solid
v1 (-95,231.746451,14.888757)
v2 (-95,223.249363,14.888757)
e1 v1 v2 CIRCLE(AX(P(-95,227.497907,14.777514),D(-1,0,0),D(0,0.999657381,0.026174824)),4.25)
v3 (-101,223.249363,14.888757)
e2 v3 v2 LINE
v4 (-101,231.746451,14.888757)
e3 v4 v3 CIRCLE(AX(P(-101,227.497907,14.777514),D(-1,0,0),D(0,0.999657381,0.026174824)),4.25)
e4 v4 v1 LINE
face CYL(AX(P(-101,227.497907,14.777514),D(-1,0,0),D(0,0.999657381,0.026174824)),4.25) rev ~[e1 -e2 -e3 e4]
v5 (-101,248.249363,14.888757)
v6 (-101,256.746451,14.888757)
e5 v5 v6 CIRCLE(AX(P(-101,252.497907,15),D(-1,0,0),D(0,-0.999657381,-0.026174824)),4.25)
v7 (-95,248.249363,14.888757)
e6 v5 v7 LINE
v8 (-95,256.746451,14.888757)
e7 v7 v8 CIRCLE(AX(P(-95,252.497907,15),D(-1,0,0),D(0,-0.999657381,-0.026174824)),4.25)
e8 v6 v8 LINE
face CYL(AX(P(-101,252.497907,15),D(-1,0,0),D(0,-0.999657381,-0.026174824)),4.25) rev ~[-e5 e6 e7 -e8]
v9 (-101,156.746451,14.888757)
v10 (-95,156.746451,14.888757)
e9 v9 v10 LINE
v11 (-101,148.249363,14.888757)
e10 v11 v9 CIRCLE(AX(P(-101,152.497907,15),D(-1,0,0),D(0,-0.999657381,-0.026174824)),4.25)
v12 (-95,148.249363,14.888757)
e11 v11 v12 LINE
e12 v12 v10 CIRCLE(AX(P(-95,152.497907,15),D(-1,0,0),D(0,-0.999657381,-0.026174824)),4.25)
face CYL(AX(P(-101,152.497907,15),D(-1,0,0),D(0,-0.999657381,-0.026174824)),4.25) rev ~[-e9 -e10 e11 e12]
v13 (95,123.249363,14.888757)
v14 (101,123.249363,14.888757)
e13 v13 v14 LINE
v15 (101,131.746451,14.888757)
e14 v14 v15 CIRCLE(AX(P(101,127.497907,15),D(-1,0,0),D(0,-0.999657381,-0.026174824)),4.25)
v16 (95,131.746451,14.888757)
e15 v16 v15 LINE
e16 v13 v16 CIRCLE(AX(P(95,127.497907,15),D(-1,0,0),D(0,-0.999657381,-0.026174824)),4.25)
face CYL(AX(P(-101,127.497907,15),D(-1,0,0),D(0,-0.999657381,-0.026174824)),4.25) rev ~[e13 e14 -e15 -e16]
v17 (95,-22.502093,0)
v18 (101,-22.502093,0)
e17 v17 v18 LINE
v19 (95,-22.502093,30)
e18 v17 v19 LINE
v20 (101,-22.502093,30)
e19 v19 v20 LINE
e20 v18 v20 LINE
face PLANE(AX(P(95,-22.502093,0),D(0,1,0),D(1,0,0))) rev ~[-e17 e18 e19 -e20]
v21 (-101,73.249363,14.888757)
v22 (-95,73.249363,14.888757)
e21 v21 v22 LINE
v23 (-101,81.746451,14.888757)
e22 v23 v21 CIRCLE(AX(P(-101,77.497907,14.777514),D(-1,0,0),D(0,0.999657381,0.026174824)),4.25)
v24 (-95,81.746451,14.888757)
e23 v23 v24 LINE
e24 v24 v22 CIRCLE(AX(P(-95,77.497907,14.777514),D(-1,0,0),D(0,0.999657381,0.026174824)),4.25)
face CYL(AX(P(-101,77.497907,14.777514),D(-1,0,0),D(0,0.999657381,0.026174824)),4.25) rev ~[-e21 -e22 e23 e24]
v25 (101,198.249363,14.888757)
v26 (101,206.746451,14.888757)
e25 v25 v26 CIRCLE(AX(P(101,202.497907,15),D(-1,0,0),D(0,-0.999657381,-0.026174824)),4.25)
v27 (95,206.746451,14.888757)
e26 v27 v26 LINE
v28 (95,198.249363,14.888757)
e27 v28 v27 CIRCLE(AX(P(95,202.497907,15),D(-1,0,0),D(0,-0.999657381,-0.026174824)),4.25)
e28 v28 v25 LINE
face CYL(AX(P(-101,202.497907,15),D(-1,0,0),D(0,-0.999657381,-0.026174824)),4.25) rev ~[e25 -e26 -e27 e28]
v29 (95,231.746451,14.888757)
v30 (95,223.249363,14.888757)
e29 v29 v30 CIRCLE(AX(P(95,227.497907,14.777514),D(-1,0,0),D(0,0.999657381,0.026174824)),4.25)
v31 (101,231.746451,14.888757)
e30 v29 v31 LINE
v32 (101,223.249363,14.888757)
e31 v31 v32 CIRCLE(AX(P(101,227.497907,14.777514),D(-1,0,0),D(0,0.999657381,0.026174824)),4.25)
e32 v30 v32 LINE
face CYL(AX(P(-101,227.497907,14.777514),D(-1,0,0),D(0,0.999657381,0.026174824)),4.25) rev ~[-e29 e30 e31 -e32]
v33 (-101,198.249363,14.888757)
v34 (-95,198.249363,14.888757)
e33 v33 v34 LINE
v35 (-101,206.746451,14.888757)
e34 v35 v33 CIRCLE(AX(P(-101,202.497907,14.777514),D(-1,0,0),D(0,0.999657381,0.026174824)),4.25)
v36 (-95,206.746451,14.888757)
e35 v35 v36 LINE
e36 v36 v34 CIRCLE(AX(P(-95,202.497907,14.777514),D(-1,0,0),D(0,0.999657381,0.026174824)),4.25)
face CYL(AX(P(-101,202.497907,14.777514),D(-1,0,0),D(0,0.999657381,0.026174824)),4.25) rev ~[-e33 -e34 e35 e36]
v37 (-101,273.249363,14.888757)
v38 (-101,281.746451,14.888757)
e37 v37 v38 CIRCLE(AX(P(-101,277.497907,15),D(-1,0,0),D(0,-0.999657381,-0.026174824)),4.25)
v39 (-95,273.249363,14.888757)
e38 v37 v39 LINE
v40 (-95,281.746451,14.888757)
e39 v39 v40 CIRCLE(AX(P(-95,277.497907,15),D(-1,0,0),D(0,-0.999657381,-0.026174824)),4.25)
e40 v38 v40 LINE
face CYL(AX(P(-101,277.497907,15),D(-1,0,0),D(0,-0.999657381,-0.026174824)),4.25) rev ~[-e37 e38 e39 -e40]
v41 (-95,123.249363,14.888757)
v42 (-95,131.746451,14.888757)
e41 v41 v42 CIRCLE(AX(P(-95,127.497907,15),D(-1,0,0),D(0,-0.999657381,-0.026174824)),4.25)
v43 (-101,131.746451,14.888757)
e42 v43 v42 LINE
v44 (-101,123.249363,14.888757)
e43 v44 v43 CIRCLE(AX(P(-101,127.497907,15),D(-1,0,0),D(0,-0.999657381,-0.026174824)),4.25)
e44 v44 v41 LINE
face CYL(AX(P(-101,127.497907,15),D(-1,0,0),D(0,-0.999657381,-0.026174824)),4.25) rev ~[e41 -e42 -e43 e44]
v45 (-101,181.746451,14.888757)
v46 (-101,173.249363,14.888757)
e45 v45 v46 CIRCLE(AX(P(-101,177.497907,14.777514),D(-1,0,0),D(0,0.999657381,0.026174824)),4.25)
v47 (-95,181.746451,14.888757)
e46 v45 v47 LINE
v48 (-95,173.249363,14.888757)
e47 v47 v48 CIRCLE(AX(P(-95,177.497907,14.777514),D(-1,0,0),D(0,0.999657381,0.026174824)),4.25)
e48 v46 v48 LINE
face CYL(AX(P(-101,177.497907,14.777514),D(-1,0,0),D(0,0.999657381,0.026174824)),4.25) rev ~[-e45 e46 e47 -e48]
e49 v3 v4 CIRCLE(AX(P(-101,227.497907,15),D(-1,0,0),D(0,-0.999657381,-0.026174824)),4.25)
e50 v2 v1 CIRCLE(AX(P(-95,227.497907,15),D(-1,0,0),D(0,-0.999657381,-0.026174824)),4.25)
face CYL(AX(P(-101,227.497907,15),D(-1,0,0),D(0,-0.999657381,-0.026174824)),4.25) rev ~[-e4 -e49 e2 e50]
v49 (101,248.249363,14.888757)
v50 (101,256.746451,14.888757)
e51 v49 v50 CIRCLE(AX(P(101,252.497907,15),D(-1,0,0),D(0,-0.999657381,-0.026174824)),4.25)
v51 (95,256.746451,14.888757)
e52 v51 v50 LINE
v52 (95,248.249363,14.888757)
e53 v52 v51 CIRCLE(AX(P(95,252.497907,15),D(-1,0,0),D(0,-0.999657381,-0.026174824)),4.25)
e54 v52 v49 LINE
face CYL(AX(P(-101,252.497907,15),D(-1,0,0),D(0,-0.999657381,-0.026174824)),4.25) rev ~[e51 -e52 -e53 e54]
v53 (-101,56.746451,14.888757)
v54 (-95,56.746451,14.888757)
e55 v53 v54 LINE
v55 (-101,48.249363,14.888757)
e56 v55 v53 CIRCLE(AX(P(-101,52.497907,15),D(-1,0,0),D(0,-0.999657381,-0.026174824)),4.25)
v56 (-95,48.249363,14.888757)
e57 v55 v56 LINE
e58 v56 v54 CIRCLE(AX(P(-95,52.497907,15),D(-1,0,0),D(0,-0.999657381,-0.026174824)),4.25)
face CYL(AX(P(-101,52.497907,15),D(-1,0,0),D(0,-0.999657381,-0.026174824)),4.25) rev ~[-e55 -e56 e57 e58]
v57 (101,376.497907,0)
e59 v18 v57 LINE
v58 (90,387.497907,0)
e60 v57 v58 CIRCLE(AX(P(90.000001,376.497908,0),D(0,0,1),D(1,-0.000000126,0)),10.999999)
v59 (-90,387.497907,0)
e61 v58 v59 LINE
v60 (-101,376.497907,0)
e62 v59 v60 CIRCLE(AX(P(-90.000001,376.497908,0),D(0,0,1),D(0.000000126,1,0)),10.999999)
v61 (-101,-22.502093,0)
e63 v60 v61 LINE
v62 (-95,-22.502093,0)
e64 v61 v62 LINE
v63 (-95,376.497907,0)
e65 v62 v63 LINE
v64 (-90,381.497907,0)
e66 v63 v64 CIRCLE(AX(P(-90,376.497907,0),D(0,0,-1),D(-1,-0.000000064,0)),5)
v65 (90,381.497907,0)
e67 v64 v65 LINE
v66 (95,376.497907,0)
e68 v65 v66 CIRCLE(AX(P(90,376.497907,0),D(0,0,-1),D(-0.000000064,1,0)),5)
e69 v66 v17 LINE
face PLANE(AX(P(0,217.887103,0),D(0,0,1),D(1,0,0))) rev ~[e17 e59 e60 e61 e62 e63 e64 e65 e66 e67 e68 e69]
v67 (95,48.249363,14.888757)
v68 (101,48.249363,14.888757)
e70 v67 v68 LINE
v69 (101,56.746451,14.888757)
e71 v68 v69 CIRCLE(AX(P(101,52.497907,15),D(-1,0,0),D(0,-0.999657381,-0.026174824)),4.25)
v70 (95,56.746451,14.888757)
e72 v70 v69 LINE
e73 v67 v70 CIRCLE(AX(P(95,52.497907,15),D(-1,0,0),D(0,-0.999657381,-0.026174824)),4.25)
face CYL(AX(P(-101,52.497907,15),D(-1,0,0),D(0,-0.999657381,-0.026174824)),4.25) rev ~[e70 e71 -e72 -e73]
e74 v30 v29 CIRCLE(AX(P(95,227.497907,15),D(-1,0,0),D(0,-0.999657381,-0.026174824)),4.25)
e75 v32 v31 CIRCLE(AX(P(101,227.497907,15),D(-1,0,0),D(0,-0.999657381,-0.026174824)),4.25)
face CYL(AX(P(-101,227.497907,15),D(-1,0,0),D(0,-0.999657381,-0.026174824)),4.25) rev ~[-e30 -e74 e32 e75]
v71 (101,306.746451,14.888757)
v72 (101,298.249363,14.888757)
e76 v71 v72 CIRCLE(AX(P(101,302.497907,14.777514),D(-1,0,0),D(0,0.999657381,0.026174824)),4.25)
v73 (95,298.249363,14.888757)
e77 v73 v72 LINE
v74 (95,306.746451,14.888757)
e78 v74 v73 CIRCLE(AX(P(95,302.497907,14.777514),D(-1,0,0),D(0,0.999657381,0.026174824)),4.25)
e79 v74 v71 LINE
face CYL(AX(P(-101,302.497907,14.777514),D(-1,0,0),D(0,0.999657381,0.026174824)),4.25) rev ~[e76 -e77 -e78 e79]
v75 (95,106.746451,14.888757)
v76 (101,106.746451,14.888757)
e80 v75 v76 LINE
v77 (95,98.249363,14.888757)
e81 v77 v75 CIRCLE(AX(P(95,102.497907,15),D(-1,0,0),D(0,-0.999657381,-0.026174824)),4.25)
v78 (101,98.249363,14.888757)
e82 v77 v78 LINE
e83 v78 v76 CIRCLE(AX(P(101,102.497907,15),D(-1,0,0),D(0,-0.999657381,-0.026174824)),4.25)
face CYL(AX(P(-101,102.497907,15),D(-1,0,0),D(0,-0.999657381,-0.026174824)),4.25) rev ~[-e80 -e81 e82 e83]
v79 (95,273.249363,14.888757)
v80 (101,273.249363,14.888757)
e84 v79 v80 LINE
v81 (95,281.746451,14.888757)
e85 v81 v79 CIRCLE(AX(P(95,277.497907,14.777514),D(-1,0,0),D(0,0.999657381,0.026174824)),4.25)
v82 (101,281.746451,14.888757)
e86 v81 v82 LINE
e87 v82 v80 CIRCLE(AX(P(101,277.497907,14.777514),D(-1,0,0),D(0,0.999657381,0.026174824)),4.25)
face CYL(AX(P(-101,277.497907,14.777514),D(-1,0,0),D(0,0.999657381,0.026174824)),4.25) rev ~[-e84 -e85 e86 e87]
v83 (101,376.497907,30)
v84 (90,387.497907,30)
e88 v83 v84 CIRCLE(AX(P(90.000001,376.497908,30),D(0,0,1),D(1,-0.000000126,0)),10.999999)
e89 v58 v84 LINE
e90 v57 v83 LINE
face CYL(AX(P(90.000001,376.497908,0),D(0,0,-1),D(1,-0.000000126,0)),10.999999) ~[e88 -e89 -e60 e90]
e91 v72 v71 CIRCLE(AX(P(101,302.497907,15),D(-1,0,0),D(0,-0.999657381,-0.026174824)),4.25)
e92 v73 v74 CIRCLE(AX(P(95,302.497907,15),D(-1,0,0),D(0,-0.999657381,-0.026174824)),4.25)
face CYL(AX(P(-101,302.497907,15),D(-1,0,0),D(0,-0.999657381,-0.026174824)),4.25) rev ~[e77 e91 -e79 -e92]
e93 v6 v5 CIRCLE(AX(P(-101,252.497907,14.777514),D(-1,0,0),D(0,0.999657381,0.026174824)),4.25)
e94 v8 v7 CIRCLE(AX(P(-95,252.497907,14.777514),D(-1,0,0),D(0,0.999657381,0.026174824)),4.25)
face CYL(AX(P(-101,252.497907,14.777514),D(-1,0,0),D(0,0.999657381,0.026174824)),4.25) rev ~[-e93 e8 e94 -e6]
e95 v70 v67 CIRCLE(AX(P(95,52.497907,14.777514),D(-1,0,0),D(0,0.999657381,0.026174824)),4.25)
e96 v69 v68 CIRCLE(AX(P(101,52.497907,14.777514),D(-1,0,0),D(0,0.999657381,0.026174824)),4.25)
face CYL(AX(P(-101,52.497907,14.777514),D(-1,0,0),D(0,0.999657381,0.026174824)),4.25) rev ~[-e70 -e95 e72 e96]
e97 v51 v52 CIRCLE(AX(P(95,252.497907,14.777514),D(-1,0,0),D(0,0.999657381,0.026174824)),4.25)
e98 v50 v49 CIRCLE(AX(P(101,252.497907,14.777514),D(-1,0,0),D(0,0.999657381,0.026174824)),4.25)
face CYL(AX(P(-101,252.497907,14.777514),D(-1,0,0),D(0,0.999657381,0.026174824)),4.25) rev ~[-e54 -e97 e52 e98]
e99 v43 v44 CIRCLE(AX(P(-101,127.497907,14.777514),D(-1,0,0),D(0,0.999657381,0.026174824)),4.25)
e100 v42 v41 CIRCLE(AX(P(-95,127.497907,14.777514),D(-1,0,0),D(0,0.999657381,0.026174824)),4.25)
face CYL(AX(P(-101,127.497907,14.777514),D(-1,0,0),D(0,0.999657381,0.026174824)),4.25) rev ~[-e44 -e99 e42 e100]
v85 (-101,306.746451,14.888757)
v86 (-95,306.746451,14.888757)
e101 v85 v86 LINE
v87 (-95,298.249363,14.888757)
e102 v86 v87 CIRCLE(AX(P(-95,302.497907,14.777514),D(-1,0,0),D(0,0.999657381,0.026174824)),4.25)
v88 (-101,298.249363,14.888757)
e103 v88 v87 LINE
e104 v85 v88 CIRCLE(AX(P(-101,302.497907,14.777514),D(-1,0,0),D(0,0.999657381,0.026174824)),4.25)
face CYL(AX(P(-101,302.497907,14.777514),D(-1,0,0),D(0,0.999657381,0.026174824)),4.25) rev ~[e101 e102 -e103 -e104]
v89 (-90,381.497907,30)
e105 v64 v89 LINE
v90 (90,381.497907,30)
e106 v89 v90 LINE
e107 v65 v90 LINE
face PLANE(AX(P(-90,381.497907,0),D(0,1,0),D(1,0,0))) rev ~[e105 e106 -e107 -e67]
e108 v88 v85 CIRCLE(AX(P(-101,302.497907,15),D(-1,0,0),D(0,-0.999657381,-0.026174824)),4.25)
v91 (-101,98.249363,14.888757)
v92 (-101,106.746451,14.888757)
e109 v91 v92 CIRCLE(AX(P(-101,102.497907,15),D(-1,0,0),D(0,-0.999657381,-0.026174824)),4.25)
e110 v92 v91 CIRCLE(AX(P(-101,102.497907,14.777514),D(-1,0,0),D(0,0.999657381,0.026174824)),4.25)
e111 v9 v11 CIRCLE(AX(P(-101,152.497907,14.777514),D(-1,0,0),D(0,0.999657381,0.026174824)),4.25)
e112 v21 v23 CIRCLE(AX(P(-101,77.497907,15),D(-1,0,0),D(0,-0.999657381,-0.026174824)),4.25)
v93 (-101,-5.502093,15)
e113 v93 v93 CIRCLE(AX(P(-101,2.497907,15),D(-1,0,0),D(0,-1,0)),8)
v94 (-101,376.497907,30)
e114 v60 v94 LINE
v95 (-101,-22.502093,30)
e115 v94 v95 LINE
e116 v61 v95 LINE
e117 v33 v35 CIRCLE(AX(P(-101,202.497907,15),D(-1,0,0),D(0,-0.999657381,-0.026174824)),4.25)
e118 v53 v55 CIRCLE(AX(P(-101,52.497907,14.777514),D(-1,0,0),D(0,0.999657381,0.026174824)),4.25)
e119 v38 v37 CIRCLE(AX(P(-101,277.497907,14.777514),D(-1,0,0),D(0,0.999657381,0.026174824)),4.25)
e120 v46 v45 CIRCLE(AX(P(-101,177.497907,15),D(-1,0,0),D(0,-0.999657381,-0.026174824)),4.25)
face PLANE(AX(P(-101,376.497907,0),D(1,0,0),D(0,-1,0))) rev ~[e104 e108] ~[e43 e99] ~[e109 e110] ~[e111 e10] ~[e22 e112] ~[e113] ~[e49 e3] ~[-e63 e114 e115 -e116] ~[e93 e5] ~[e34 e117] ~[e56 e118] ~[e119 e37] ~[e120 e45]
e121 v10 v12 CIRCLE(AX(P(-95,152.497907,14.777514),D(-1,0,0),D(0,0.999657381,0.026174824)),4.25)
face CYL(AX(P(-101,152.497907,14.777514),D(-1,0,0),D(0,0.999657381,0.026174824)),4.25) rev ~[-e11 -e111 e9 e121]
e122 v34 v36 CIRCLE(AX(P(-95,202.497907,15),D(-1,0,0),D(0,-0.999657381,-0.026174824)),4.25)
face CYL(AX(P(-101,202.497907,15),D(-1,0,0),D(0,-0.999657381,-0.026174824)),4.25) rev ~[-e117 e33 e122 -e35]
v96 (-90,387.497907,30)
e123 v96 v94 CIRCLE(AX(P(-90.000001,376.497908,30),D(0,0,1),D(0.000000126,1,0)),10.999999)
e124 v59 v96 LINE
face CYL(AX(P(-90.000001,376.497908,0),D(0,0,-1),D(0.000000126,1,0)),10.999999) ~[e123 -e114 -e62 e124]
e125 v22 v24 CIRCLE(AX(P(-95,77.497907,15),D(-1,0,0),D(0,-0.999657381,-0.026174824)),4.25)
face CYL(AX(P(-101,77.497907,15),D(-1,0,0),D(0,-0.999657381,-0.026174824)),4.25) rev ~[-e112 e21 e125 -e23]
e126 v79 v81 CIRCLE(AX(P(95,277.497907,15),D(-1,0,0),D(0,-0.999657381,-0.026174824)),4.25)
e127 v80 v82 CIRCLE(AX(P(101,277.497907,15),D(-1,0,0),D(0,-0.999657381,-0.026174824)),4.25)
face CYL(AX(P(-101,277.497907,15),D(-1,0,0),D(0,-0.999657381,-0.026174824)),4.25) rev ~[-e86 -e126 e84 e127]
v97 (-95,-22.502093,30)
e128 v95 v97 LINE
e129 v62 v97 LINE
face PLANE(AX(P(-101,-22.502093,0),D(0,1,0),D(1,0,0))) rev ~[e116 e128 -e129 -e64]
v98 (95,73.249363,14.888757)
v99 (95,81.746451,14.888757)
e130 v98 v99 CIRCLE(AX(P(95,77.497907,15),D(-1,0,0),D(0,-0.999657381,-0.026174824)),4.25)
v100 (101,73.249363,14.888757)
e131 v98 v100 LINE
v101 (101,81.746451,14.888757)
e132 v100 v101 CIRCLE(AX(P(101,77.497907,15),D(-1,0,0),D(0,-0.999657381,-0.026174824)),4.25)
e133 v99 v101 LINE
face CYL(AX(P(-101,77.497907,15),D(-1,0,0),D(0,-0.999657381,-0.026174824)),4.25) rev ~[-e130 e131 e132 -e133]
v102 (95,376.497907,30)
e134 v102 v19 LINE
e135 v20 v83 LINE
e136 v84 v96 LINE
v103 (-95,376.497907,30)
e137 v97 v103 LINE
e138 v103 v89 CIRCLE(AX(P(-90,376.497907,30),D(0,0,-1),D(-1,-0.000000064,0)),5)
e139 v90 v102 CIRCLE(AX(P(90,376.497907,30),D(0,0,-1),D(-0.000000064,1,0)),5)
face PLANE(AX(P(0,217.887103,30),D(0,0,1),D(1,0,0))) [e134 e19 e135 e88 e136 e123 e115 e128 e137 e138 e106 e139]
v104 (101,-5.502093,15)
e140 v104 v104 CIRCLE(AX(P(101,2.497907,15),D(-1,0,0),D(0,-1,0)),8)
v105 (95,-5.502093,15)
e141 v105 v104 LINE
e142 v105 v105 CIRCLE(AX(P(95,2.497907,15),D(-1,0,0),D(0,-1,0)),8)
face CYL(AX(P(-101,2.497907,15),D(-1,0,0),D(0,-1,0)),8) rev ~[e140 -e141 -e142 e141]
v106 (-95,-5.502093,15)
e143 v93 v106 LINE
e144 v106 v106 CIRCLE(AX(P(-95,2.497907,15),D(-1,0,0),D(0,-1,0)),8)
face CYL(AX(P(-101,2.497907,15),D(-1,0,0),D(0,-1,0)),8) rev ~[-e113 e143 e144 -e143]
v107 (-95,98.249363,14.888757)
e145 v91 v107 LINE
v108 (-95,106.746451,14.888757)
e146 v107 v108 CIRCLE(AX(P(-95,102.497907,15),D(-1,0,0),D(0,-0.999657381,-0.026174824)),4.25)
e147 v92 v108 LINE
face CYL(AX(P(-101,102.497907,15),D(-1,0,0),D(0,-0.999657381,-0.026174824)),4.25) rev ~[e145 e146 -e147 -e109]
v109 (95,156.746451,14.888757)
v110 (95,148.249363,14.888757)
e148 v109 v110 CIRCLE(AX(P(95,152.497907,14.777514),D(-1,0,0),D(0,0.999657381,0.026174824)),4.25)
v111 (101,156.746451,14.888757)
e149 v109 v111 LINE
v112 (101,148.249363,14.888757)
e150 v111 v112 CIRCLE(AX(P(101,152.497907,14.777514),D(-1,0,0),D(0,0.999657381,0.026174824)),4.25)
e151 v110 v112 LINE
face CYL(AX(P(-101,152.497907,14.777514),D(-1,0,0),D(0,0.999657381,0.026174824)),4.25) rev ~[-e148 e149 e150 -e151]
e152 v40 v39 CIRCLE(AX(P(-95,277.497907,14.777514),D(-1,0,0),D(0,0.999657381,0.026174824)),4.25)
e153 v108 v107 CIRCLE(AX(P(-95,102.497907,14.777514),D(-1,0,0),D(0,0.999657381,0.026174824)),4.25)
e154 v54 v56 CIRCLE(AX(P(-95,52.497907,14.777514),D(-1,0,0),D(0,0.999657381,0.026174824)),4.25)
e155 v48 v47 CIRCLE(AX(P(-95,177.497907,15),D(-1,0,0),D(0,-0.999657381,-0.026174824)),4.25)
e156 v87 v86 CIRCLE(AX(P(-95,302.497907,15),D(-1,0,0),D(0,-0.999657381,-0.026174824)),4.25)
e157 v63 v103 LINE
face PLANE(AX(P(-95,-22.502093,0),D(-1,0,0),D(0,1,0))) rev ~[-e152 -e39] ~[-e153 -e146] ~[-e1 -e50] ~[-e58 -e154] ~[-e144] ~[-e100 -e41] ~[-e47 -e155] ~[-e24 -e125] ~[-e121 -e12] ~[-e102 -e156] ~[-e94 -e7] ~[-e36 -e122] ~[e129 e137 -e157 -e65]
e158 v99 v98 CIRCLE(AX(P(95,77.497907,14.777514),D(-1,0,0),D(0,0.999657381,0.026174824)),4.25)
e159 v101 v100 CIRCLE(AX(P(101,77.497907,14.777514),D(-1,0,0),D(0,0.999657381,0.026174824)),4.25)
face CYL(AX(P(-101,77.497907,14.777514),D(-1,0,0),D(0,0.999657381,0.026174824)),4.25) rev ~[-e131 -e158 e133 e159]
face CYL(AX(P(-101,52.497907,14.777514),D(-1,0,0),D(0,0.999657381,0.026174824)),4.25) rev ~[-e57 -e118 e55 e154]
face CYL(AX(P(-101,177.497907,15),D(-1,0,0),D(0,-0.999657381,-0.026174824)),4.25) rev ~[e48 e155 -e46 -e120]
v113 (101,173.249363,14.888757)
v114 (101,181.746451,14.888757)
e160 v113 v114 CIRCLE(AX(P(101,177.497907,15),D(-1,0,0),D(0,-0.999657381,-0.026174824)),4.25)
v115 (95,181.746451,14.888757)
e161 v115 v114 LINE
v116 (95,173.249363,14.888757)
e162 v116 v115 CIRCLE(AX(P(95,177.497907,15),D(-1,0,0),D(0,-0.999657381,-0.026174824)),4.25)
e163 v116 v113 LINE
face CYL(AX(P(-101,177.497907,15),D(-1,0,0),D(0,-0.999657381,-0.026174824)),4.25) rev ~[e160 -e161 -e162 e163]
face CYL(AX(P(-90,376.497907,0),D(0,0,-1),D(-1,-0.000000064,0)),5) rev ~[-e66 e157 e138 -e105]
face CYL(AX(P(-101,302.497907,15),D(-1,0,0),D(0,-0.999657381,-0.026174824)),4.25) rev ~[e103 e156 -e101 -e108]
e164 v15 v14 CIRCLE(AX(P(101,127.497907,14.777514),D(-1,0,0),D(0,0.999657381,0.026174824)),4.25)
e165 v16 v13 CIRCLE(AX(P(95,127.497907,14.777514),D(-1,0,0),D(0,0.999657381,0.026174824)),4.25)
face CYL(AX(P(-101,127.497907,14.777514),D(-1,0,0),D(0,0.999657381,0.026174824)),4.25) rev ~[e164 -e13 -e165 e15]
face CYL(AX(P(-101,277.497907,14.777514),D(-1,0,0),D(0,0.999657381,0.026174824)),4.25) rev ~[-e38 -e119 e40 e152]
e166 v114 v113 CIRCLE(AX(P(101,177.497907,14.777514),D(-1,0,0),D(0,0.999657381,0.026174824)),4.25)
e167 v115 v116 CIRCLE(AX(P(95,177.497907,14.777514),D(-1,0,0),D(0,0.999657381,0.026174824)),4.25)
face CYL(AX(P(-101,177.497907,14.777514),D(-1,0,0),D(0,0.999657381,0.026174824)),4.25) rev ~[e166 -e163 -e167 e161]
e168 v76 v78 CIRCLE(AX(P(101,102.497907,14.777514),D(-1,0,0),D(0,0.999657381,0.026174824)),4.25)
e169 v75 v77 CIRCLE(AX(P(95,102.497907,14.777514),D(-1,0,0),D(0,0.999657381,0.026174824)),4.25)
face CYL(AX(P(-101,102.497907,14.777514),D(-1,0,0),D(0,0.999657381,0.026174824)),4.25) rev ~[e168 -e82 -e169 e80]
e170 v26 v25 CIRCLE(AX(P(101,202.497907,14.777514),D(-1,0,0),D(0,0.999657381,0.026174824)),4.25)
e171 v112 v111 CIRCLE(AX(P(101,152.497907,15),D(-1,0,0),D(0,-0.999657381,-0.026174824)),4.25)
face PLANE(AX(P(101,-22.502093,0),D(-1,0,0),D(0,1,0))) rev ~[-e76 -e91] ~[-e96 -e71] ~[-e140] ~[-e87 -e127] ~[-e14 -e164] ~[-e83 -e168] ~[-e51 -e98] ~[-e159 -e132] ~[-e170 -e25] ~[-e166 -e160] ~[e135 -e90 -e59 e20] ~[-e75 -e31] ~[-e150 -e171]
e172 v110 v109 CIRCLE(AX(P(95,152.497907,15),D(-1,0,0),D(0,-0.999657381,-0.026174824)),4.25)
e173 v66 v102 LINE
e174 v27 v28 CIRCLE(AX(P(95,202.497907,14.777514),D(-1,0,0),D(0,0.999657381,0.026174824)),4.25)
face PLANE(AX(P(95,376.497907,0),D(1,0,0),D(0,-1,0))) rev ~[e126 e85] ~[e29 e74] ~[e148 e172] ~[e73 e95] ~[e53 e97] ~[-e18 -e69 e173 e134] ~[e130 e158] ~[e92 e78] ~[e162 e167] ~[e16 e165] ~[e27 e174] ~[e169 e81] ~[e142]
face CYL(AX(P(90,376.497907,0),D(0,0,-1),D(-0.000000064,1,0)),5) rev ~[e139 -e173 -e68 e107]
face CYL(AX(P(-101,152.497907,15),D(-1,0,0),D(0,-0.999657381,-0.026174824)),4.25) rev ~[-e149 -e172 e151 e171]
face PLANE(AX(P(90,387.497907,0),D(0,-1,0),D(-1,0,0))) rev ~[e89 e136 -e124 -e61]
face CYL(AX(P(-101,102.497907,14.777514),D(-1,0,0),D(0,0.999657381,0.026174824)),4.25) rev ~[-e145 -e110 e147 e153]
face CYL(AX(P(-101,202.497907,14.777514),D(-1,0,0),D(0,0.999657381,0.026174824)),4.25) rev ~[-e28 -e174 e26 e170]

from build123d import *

# Parameters (mm, degrees)
F1_DEPTH = 30
F2_R     = 8
F2_R_2   = 4.25
F3_DEPTH = 202.001


with BuildPart() as f1:
    # F0 (on Top) → F1 (new body)
    with BuildSketch(Plane.XY):
        with BuildLine():
            Line((-101, 376.497907), (-101, -22.502093))
            Line((-101, -22.502093), (-95, -22.502093))
            Line((-95, -22.502093), (-95, 376.497907))
            ThreePointArc((-95, 376.497907), (-93.535534, 380.033441), (-90, 381.497907))
            Line((-90, 381.497907), (0, 381.497907))
            Line((0, 381.497907), (90, 381.497907))
            ThreePointArc((90, 381.497907), (93.535534, 380.033441), (95, 376.497907))
            Line((95, 376.497907), (95, -22.502093))
            Line((95, -22.502093), (101, -22.502093))
            Line((101, -22.502093), (101, 376.497907))
            ThreePointArc((101, 376.497907), (97.778175, 384.276082), (90, 387.497907))
            Line((90, 387.497907), (0, 387.497907))
            Line((0, 387.497907), (-90, 387.497907))
            ThreePointArc((-90, 387.497907), (-97.778175, 384.276082), (-101, 376.497907))
        make_face()
    extrude(amount=F1_DEPTH)

    # F2 (on face) → F3 (cut, through all)
    with BuildSketch(Plane(origin=(-101, 0, 0), x_dir=(0, -1, 0), z_dir=(-1, 0, 0))):
        with Locations((-2.497907, 15)):
            Circle(F2_R)
        with Locations((-52.497907, 15)):
            Circle(F2_R_2)
        with Locations((-52.497907, 14.777514)):
            Circle(F2_R_2)
        with Locations((-77.497907, 15)):
            Circle(F2_R_2)
        with Locations((-77.497907, 14.777514)):
            Circle(F2_R_2)
        with Locations((-102.497907, 15)):
            Circle(F2_R_2)
        with Locations((-102.497907, 14.777514)):
            Circle(F2_R_2)
        with Locations((-127.497907, 15)):
            Circle(F2_R_2)
        with Locations((-127.497907, 14.777514)):
            Circle(F2_R_2)
        with Locations((-152.497907, 15)):
            Circle(F2_R_2)
        with Locations((-152.497907, 14.777514)):
            Circle(F2_R_2)
        with Locations((-177.497907, 15)):
            Circle(F2_R_2)
        with Locations((-177.497907, 14.777514)):
            Circle(F2_R_2)
        with Locations((-202.497907, 15)):
            Circle(F2_R_2)
        with Locations((-202.497907, 14.777514)):
            Circle(F2_R_2)
        with Locations((-227.497907, 15)):
            Circle(F2_R_2)
        with Locations((-227.497907, 14.777514)):
            Circle(F2_R_2)
        with Locations((-252.497907, 15)):
            Circle(F2_R_2)
        with Locations((-252.497907, 14.777514)):
            Circle(F2_R_2)
        with Locations((-277.497907, 15)):
            Circle(F2_R_2)
        with Locations((-277.497907, 14.777514)):
            Circle(F2_R_2)
        with Locations((-302.497907, 15)):
            Circle(F2_R_2)
        with Locations((-302.497907, 14.777514)):
            Circle(F2_R_2)
    extrude(amount=-F3_DEPTH, mode=Mode.SUBTRACT)


solid = f1.part
